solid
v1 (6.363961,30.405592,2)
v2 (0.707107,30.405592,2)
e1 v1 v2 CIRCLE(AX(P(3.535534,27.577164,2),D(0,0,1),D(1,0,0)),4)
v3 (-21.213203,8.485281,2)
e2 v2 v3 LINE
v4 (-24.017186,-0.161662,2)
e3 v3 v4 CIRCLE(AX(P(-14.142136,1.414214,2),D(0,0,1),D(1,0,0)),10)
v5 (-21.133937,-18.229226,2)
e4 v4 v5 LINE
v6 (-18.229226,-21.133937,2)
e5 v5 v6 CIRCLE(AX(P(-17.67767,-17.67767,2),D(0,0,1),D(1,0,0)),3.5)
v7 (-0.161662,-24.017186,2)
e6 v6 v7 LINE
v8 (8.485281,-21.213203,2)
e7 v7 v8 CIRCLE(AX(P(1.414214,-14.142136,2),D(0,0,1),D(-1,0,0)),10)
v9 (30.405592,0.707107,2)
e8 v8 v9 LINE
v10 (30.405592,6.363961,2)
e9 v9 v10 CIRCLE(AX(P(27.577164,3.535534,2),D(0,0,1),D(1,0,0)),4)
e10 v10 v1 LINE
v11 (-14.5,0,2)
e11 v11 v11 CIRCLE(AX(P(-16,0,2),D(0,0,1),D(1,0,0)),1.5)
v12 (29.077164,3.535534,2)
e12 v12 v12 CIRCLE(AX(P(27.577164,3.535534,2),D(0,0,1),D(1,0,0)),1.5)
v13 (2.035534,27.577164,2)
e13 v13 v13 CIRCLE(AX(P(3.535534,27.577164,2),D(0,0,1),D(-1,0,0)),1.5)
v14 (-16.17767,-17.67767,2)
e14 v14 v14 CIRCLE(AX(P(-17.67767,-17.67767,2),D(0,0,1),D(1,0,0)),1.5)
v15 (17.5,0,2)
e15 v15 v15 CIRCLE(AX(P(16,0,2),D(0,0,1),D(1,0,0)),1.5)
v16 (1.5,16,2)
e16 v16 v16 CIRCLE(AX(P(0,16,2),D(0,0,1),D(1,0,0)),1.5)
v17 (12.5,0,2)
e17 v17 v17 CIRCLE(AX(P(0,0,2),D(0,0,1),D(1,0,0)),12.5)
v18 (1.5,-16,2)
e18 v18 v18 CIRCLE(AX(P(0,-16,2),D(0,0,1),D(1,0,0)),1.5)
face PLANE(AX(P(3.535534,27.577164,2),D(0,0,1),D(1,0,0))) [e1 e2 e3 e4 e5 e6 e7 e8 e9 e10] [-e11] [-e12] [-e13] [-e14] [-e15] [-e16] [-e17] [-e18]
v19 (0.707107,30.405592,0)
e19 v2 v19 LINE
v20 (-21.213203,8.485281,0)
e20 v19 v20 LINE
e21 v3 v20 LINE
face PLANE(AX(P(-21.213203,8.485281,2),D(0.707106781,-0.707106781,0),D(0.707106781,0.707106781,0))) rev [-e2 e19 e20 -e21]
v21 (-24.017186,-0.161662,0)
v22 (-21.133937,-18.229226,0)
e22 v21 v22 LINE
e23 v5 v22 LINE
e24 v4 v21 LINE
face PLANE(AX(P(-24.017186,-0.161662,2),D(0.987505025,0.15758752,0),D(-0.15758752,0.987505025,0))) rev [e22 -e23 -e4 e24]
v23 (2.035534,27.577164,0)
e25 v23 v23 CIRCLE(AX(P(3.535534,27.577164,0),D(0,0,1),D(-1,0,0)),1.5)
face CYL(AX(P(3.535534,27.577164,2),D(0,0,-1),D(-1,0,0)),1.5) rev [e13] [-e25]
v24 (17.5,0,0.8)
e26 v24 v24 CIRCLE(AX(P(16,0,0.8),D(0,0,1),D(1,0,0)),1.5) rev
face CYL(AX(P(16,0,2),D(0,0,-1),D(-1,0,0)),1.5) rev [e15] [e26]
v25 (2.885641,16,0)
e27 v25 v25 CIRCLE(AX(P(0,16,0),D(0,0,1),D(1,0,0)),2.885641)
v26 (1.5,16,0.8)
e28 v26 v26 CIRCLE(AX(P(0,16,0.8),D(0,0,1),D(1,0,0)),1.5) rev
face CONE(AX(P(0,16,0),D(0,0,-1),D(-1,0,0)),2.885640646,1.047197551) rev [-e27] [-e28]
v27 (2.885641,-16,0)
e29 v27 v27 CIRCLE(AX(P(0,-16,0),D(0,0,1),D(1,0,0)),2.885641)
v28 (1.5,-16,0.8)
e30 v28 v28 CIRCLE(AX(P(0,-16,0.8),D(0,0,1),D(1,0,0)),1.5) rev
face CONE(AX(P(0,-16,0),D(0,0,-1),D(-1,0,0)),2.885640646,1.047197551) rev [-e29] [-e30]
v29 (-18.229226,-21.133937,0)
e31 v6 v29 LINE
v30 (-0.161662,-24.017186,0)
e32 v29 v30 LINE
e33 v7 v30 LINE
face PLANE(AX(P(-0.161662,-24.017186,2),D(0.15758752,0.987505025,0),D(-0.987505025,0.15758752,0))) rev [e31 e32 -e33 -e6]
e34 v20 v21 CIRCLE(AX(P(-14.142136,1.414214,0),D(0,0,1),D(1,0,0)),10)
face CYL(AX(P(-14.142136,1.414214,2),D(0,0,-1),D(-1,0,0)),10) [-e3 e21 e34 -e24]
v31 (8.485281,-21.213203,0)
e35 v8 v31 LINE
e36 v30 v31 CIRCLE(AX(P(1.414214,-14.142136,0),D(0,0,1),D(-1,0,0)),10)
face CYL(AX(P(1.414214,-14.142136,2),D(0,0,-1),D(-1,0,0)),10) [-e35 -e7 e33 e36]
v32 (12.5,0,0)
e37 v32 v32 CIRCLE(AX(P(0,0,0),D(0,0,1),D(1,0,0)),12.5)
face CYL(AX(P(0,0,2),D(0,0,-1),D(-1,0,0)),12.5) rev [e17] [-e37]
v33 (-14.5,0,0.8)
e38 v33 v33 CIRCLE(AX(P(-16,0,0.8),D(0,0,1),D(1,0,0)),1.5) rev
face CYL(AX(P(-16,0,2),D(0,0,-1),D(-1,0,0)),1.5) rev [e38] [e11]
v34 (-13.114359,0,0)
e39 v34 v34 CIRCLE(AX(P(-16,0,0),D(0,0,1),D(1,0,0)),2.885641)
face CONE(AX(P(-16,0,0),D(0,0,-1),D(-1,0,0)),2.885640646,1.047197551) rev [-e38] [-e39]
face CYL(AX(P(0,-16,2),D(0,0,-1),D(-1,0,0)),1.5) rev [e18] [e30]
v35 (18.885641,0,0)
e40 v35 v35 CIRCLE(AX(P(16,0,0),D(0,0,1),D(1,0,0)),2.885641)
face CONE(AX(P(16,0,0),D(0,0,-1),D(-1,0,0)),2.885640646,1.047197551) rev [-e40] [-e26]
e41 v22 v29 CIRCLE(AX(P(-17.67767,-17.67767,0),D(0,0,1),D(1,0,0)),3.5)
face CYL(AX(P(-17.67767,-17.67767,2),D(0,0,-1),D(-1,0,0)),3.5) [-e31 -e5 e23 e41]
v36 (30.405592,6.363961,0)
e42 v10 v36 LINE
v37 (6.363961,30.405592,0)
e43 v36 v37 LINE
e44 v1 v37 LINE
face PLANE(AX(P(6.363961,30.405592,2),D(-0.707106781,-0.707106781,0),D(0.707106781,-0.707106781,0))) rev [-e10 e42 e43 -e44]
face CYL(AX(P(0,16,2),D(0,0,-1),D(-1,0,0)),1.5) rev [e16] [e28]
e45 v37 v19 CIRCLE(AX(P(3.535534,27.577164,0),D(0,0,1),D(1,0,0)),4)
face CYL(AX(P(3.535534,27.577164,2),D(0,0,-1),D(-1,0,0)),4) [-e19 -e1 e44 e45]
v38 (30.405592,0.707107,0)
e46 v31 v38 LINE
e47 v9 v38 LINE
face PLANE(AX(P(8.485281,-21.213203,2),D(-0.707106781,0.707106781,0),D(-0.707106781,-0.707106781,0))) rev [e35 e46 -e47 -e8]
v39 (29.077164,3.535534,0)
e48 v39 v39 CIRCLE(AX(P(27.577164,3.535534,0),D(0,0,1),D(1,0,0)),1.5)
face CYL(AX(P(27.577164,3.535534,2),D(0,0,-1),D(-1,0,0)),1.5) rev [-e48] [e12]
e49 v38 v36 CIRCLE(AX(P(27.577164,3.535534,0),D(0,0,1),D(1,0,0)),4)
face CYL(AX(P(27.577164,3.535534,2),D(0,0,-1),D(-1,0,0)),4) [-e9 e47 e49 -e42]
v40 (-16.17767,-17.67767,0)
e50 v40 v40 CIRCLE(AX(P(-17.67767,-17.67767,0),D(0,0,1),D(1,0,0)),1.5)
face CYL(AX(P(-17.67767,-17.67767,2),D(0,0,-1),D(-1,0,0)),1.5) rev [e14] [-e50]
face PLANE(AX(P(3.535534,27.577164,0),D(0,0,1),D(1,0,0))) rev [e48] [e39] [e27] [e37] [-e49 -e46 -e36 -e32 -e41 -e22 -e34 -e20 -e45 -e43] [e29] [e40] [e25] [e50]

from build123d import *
from OCP.BRepFilletAPI import BRepFilletAPI_MakeChamfer

# Parameters (mm, degrees)
SKICA1_R                = 12.5
SKICA1_R_2              = 1.5
P_IDAT_VYSUNUT_M1_DEPTH = 2
ZKOSEN_1_SIZE           = 0.8
ZKOSEN_1_SIZE2          = 1.385640646


with BuildPart() as part:
    # Skica1 → Přidat vysunutím1 (new body)
    with BuildSketch(Plane.XY):
        with BuildLine():
            Line((6.363961031, 30.405591591), (30.405591591, 6.363961031))
            ThreePointArc((30.405591591, 6.363961031), (31.577164466, 3.535533906), (30.405591591, 0.707106781))
            Line((30.405591591, 0.707106781), (8.485281374, -21.213203436))
            ThreePointArc((8.485281374, -21.213203436), (4.498831017, -23.654503108), (-0.161661635, -24.01718587))
            Line((-0.161661635, -24.01718587), (-18.229225849, -21.133937116))
            ThreePointArc((-18.229225849, -21.133937116), (-20.152543264, -20.152543264), (-21.133937116, -18.229225849))
            Line((-21.133937116, -18.229225849), (-24.01718587, -0.161661635))
            ThreePointArc((-24.01718587, -0.161661635), (-23.654503108, 4.498831017), (-21.213203436, 8.485281374))
            Line((-21.213203436, 8.485281374), (0.707106781, 30.405591591))
            ThreePointArc((0.707106781, 30.405591591), (3.535533906, 31.577164466), (6.363961031, 30.405591591))
        make_face()
        Circle(SKICA1_R, mode=Mode.SUBTRACT)
        with Locations((0, 16)):
            Circle(SKICA1_R_2, mode=Mode.SUBTRACT)
        with Locations((16, 0)):
            Circle(SKICA1_R_2, mode=Mode.SUBTRACT)
        with Locations((0, -16)):
            Circle(SKICA1_R_2, mode=Mode.SUBTRACT)
        with Locations((-16, 0)):
            Circle(SKICA1_R_2, mode=Mode.SUBTRACT)
        with Locations((-17.67766953, -17.67766953)):
            Circle(SKICA1_R_2, mode=Mode.SUBTRACT)
        with Locations((27.577164466, 3.535533906)):
            Circle(SKICA1_R_2, mode=Mode.SUBTRACT)
        with Locations(Location((3.535533906, 27.577164466, 0), (0, 0, 180))):
            Circle(SKICA1_R_2, mode=Mode.SUBTRACT)
    extrude(amount=P_IDAT_VYSUNUT_M1_DEPTH)

    # Zkosení1: one chamfer whose edges measure the first distance from different faces: ONE call of the kernel's chamfer builder (chamfer() names one face for all edges)
    zkosen_1_edges_1 = [part.edges().sort_by_distance(p)[0] for p in [
        (-1.5, 16, 0),
    ]]
    zkosen_1_side_1 = [part.faces().sort_by_distance(p)[0] for p in [
        (-1.5, 16, 1),
    ]]
    zkosen_1_edges_2 = [part.edges().sort_by_distance(p)[0] for p in [
        (14.5, 0, 0),
    ]]
    zkosen_1_side_2 = [part.faces().sort_by_distance(p)[0] for p in [
        (14.5, 0, 1),
    ]]
    zkosen_1_edges_3 = [part.edges().sort_by_distance(p)[0] for p in [
        (-1.5, -16, 0),
    ]]
    zkosen_1_side_3 = [part.faces().sort_by_distance(p)[0] for p in [
        (-1.5, -16, 1),
    ]]
    zkosen_1_edges_4 = [part.edges().sort_by_distance(p)[0] for p in [
        (-17.5, 0, 0),
    ]]
    zkosen_1_side_4 = [part.faces().sort_by_distance(p)[0] for p in [
        (-17.5, 0, 1),
    ]]
    zkosen_1 = BRepFilletAPI_MakeChamfer(part.part.solid().wrapped)
    for e in zkosen_1_edges_1:
        zkosen_1.Add(ZKOSEN_1_SIZE, ZKOSEN_1_SIZE2, e.wrapped, zkosen_1_side_1[0].wrapped)  # the first distance lies on this face
    for e in zkosen_1_edges_2:
        zkosen_1.Add(ZKOSEN_1_SIZE, ZKOSEN_1_SIZE2, e.wrapped, zkosen_1_side_2[0].wrapped)  # the first distance lies on this face
    for e in zkosen_1_edges_3:
        zkosen_1.Add(ZKOSEN_1_SIZE, ZKOSEN_1_SIZE2, e.wrapped, zkosen_1_side_3[0].wrapped)  # the first distance lies on this face
    for e in zkosen_1_edges_4:
        zkosen_1.Add(ZKOSEN_1_SIZE, ZKOSEN_1_SIZE2, e.wrapped, zkosen_1_side_4[0].wrapped)  # the first distance lies on this face
    add(Compound.cast(zkosen_1.Shape()), mode=Mode.REPLACE)


solid = part.part
